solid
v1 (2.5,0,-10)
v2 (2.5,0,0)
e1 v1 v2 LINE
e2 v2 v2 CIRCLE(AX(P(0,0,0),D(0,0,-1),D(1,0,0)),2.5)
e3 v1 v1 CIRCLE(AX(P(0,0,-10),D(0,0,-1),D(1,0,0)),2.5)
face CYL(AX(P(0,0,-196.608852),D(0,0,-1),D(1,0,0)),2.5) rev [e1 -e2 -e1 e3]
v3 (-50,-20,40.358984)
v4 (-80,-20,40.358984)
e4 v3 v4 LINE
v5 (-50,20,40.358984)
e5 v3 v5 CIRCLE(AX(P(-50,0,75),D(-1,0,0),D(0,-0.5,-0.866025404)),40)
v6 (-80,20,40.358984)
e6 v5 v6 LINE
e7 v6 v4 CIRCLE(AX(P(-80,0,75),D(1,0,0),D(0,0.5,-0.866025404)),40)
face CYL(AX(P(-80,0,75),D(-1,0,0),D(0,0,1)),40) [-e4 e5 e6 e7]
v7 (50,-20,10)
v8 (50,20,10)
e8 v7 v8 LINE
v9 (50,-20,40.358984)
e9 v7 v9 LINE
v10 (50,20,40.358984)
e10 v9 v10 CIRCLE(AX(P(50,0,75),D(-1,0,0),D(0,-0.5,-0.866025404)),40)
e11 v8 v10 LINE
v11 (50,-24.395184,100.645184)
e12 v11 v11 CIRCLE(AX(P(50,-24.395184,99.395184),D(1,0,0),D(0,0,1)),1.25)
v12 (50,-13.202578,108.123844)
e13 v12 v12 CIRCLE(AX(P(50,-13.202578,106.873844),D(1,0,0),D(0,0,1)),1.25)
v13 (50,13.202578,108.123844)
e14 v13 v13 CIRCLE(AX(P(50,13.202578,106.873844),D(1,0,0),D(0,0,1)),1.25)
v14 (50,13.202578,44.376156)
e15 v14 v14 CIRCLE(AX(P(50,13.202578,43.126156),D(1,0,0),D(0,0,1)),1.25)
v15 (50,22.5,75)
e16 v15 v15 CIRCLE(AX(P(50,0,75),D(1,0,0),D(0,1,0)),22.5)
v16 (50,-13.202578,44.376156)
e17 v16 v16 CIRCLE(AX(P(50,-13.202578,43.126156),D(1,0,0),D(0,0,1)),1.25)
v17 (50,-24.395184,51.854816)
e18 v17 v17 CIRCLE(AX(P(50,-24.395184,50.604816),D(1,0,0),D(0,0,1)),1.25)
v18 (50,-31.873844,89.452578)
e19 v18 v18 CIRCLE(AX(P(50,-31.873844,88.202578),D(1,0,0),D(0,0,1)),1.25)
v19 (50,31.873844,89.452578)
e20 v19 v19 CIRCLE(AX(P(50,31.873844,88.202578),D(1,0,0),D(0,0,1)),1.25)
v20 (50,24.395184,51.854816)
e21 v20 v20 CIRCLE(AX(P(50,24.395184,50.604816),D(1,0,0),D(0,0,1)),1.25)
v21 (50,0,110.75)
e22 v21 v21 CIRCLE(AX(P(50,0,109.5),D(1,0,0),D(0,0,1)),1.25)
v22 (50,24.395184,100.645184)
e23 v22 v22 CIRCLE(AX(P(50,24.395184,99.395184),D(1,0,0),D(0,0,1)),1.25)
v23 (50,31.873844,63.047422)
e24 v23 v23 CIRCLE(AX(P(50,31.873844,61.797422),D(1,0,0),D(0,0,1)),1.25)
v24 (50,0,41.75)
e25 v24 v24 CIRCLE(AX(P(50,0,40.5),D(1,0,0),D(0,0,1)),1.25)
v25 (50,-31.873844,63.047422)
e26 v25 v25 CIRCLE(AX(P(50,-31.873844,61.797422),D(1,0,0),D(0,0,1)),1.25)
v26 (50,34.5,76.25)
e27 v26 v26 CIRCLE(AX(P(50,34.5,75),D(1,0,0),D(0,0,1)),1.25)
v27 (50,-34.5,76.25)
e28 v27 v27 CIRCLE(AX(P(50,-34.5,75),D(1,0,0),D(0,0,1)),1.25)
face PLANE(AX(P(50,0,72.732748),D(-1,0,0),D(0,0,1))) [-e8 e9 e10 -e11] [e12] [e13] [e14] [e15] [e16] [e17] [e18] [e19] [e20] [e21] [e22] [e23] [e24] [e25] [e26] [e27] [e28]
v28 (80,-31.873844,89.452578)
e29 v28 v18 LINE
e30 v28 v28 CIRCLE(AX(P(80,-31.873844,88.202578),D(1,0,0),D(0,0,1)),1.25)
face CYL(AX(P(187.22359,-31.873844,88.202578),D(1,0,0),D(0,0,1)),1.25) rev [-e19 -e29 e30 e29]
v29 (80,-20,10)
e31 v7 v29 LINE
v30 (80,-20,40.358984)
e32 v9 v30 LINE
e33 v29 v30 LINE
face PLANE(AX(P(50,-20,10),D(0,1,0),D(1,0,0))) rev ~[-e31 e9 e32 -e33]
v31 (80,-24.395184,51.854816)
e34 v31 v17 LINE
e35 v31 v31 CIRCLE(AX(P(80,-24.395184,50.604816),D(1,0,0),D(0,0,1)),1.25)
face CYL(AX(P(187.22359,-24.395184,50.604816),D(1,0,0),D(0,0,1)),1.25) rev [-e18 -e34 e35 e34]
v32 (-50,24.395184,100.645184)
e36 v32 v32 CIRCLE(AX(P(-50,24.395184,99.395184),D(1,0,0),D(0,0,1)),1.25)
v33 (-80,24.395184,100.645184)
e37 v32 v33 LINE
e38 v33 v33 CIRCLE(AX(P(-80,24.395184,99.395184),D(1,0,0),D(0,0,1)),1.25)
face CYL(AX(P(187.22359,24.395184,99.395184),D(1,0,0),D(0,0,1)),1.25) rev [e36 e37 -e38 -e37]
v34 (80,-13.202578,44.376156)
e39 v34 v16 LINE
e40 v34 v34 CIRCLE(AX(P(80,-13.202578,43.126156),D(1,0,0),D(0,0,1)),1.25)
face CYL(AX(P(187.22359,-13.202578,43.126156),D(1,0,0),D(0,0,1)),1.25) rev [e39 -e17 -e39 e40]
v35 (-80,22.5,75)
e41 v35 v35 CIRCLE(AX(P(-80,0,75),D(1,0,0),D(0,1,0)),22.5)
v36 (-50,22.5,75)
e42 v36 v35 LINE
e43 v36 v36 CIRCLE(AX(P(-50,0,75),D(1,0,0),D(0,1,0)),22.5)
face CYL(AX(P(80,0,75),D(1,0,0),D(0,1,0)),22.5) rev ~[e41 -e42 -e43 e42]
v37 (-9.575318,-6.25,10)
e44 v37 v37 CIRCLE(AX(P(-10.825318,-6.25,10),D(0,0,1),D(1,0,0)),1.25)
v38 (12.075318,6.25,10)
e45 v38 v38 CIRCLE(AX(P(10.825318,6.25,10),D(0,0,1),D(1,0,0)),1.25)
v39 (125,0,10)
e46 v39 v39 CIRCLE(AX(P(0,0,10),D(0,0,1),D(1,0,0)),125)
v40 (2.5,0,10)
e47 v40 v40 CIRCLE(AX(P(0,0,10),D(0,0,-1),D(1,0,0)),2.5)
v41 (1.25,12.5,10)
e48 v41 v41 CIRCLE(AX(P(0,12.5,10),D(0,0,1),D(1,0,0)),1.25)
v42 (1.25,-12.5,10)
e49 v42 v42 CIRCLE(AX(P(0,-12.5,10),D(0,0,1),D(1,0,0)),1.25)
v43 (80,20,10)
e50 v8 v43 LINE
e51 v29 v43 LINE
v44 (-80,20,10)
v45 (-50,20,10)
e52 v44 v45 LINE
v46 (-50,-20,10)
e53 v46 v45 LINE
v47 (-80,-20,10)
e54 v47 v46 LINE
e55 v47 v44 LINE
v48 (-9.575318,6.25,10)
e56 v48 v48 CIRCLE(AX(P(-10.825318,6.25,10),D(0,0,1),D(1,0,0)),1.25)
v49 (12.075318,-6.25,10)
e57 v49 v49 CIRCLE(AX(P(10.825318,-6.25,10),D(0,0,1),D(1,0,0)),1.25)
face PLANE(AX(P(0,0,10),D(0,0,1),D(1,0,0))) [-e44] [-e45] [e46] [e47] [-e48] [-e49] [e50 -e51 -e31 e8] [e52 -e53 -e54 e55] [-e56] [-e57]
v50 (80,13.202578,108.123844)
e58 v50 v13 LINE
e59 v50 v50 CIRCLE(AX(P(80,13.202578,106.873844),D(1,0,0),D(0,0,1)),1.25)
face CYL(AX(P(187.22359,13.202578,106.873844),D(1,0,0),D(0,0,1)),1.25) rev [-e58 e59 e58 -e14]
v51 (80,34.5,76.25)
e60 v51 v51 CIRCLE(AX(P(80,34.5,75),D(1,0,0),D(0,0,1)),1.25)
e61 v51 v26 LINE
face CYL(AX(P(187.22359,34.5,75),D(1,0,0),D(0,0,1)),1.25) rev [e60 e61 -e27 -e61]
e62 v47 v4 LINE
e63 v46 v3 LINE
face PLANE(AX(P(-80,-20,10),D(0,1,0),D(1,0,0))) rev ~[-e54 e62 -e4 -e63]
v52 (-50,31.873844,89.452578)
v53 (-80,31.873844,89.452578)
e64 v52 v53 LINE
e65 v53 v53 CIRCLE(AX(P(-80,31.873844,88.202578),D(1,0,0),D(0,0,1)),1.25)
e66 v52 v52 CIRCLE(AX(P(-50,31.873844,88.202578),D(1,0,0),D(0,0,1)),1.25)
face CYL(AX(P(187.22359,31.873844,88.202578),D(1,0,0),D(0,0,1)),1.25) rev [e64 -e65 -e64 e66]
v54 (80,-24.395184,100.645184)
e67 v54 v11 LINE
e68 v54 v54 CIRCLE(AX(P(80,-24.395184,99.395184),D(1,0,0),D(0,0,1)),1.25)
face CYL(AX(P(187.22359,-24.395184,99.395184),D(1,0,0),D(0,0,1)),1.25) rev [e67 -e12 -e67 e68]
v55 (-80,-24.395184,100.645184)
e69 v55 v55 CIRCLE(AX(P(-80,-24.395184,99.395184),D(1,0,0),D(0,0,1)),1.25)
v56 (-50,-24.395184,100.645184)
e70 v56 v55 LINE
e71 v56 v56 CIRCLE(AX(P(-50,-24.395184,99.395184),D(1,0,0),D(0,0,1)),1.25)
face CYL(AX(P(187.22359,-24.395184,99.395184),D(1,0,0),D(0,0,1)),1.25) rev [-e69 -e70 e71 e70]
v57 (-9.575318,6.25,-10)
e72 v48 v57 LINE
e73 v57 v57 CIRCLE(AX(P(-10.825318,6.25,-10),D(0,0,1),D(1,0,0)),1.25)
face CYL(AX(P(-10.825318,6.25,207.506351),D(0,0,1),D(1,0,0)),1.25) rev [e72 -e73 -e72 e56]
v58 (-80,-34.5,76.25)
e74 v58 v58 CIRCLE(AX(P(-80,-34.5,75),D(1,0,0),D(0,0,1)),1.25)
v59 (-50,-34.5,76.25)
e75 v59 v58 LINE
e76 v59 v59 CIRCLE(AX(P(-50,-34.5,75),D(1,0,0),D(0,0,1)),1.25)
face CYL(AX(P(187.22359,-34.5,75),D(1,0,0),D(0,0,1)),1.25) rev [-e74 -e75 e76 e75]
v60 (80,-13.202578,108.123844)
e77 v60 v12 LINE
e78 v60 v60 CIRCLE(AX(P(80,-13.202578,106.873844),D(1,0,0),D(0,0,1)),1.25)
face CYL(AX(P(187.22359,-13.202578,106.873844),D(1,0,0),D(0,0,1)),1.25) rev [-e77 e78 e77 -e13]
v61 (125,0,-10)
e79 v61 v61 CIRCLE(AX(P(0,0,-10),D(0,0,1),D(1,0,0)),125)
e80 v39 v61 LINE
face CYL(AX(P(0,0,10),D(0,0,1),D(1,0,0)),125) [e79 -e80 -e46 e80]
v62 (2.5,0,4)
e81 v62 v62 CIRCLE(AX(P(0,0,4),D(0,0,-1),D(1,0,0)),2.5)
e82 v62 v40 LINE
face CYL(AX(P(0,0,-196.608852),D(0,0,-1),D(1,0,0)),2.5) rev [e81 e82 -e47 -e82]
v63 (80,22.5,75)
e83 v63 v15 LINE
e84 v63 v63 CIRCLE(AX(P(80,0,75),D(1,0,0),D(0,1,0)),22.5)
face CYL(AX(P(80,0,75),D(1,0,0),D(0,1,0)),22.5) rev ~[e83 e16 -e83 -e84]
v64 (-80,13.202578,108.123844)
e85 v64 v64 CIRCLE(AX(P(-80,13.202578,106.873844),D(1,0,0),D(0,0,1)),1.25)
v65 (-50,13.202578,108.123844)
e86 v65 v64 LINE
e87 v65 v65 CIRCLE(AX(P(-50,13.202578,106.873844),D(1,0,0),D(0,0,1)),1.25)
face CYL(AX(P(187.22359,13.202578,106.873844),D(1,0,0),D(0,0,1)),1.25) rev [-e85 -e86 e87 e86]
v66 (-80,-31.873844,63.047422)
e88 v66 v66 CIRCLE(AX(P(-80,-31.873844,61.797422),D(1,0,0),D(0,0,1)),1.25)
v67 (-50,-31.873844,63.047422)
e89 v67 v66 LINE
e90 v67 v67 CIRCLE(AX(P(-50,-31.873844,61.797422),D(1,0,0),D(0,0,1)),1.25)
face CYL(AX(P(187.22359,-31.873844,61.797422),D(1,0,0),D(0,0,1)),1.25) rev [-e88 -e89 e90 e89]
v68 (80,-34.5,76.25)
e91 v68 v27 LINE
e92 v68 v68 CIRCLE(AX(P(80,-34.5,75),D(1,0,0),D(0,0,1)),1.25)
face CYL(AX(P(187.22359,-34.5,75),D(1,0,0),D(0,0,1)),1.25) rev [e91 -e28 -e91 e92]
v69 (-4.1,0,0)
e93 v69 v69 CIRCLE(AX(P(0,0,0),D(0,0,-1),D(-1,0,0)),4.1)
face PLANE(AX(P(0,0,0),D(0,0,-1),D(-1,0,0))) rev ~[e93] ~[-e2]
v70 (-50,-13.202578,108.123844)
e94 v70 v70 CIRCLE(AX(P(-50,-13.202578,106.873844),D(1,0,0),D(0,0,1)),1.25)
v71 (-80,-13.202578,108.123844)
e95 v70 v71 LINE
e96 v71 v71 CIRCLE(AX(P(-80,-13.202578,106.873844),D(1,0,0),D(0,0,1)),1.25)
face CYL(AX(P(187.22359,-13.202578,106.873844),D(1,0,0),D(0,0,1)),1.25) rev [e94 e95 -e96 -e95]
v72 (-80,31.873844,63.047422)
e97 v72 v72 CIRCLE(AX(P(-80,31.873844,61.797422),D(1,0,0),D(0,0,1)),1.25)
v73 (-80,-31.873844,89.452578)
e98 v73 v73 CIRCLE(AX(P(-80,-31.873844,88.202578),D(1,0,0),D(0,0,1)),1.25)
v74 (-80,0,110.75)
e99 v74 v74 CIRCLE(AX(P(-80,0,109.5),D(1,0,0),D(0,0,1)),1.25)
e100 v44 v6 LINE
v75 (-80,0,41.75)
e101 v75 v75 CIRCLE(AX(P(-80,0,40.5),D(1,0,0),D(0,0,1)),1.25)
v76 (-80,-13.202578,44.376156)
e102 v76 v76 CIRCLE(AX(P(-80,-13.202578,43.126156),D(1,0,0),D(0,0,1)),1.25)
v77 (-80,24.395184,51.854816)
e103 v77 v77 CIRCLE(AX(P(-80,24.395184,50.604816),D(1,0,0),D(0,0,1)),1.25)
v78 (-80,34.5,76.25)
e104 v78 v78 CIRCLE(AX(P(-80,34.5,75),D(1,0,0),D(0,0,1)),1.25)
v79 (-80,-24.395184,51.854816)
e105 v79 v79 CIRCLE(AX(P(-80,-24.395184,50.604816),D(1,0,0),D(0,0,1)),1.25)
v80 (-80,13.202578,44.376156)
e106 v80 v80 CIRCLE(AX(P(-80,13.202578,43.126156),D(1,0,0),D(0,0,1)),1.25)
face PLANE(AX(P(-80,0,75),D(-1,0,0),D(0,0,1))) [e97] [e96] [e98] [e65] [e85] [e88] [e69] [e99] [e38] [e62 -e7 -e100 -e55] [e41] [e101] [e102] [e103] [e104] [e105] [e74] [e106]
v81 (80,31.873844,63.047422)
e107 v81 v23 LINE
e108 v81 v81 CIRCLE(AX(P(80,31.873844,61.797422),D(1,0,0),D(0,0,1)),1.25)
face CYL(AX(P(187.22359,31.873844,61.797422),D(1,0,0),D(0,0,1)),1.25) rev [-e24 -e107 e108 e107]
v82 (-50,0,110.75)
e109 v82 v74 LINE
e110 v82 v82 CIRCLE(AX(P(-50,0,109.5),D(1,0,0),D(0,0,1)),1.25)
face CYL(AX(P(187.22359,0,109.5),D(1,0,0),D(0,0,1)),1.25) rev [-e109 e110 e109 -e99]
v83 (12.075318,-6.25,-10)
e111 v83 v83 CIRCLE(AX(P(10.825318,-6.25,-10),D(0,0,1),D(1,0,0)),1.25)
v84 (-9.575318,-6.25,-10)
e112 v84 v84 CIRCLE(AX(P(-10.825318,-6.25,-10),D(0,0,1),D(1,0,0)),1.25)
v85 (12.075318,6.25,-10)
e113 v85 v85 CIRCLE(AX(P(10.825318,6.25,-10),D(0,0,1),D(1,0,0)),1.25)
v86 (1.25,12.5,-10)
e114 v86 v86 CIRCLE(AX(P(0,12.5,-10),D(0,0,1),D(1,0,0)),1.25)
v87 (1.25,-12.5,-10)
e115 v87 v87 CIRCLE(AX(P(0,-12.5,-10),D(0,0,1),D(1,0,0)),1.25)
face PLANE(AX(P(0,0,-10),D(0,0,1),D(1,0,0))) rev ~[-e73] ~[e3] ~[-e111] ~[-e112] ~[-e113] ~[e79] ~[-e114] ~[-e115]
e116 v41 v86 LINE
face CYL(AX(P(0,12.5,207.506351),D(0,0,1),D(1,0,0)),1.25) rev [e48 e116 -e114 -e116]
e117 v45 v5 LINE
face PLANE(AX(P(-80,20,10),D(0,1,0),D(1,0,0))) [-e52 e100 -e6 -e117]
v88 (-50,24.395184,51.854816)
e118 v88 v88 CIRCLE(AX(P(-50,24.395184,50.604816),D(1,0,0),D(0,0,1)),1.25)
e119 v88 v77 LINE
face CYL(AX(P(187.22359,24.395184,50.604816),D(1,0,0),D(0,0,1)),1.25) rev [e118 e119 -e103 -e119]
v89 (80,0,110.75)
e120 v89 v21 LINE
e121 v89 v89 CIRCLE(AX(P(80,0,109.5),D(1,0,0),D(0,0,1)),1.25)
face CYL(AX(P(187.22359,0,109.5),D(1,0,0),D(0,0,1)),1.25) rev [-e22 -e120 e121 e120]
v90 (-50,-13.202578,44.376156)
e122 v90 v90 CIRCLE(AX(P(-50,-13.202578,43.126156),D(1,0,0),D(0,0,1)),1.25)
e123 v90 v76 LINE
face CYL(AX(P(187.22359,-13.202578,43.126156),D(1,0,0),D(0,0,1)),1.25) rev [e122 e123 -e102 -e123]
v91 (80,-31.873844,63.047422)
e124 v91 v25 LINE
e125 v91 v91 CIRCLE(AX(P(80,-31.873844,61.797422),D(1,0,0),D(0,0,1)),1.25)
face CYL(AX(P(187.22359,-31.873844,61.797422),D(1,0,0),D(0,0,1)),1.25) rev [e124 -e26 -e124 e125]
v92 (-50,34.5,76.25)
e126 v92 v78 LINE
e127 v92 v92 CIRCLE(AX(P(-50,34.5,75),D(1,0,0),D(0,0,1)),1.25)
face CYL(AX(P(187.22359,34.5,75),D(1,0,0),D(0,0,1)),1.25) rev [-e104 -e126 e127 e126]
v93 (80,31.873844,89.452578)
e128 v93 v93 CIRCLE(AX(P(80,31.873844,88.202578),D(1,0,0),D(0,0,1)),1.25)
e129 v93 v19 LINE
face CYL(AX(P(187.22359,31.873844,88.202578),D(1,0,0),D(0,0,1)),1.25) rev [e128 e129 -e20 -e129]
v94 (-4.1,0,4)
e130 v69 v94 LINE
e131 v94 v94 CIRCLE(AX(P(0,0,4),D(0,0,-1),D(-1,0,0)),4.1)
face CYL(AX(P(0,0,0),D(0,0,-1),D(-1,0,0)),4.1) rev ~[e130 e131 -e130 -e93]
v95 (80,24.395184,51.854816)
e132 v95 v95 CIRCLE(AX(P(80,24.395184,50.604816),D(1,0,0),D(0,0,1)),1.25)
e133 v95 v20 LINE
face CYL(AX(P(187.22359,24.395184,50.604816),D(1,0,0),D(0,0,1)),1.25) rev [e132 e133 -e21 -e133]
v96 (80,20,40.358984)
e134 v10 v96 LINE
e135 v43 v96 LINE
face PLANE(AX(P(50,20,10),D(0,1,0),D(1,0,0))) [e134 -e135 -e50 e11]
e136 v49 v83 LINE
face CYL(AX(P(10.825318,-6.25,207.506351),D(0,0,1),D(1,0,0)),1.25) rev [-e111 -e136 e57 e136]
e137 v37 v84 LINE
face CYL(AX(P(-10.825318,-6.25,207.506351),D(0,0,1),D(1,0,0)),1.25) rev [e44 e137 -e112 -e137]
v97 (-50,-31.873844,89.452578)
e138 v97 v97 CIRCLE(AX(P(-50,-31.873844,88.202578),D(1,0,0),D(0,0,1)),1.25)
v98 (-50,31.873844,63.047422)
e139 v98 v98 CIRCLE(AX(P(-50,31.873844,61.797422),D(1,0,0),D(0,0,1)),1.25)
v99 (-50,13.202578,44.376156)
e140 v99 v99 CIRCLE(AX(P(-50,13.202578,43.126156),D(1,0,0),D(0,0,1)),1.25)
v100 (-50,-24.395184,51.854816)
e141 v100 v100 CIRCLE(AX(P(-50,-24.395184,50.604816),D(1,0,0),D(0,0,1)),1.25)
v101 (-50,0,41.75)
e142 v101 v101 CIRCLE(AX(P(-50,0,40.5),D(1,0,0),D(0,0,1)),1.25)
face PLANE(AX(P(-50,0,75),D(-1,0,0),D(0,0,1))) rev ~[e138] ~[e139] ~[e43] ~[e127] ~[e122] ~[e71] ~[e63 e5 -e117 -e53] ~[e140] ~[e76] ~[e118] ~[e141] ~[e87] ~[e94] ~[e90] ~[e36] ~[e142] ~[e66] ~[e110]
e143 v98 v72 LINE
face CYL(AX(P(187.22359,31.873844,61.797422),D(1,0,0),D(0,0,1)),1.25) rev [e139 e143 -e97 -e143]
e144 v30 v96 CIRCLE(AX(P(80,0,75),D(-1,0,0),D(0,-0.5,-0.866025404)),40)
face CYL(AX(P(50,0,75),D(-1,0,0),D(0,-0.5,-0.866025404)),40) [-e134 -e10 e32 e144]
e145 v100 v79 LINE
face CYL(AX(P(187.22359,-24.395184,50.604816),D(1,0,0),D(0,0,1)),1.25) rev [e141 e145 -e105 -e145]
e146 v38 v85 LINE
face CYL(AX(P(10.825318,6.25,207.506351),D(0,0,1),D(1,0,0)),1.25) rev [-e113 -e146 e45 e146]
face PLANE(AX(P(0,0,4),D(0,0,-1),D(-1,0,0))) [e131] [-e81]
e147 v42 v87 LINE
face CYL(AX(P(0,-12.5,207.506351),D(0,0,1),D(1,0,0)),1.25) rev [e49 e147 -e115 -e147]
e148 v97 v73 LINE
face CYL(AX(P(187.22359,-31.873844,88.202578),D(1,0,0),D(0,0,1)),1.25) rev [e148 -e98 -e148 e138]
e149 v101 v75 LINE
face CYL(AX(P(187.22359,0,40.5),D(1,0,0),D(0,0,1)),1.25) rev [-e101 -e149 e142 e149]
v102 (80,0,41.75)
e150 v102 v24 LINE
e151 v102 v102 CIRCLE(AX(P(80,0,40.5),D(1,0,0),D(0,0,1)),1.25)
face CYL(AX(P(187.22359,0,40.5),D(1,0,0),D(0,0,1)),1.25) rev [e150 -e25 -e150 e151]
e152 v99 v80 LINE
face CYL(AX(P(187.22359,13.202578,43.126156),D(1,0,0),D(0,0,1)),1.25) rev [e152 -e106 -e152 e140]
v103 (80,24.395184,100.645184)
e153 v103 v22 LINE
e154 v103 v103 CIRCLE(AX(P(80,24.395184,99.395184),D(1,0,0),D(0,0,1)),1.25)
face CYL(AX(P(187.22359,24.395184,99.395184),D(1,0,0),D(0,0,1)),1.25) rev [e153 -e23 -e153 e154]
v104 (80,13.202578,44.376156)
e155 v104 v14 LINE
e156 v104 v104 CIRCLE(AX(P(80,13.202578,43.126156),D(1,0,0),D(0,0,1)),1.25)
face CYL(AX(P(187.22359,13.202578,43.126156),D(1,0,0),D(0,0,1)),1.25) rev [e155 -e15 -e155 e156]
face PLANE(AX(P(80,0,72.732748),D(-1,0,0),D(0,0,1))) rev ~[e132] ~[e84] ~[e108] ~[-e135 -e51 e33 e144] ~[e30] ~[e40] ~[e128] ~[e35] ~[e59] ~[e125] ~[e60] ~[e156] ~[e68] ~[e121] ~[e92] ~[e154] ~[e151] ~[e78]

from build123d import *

# Parameters (mm, degrees)
SKETCH_1_R               = 16
EXTRUDE_1_DEPTH          = 10
SKETCH_2_R               = 1.25
EXTRUDE_2_DEPTH          = 10.2
SKETCH_3_R               = 125
EXTRUDE_3_DEPTH          = 20
SKETCH_4_W               = 30
SKETCH_4_H               = 40
EXTRUDE_4_DEPTH          = 41.07
SKETCH_7_R               = 4.1
CUT_EXTRUDE_1_DEPTH      = 4
SKETCH_16_R              = 40
EXTRUDE_10_DEPTH         = 30
EXTRUDE_START            = -30
EXTRUDE_11_DEPTH         = 30
CUT_EXTRUDE_6_DEPTH      = 267.223590239
CUT_EXTRUDE_6_DEPTH_BACK = 267.223590239
SKETCH_18_R              = 1.25
SKETCH_19_R              = 22.5
CUT_EXTRUDE_7_DEPTH      = 180
CUT_EXTRUDE_8_DEPTH      = 217.506350946
CUT_EXTRUDE_8_DEPTH_BACK = 217.506350946
SKETCH_20_R              = 1.25
CUT_EXTRUDE_9_DEPTH      = 206.60885195
CUT_EXTRUDE_9_DEPTH_BACK = 206.60885195
SKETCH_21_R              = 2.5


with BuildPart() as part:
    # 草图1 → 凸台-拉伸1 (new body)
    with BuildSketch(Plane.XY):
        Circle(SKETCH_1_R)
    extrude(amount=EXTRUDE_1_DEPTH)

    # 草图2 → 凸台-拉伸2 (add)
    with BuildSketch(Plane(origin=(0, 0, 0), x_dir=(-1, 0, 0), z_dir=(0, 0, -1))):
        with Locations(Location((0, 12.5, 0), (0, 0, 180))):
            Circle(SKETCH_2_R)
        with Locations(Location((10.825317547, 6.25, 0), (0, 0, 180))):
            Circle(SKETCH_2_R)
        with Locations(Location((10.825317547, -6.25, 0), (0, 0, 180))):
            Circle(SKETCH_2_R)
        with Locations(Location((0, -12.5, 0), (0, 0, 180))):
            Circle(SKETCH_2_R)
        with Locations(Location((-10.825317547, -6.25, 0), (0, 0, 180))):
            Circle(SKETCH_2_R)
        with Locations(Location((-10.825317547, 6.25, 0), (0, 0, 180))):
            Circle(SKETCH_2_R)
    extrude(amount=EXTRUDE_2_DEPTH)

    # 草图3 → 凸台-拉伸3 (add)
    with BuildSketch(Plane.XY.offset(10)):
        Circle(SKETCH_3_R)
    extrude(amount=-EXTRUDE_3_DEPTH)

    # 草图4 → 凸台-拉伸4 (add)
    with BuildSketch(Plane.XY.offset(10)):
        with Locations((65, 0)):
            Rectangle(SKETCH_4_W, SKETCH_4_H)
        with Locations((-65, 0)):
            Rectangle(SKETCH_4_W, SKETCH_4_H)
    extrude(amount=EXTRUDE_4_DEPTH)

    # 草图7 → 切除-拉伸1 (cut)
    with BuildSketch(Plane(origin=(0, 0, 0), x_dir=(-1, 0, 0), z_dir=(0, 0, -1))):
        Circle(SKETCH_7_R)
    extrude(amount=-CUT_EXTRUDE_1_DEPTH, mode=Mode.SUBTRACT)

    # 草图16 → 凸台-拉伸10 (add)
    with BuildSketch(Plane.ZY.offset(80)):
        with Locations((75, 0)):
            Circle(SKETCH_16_R)
    extrude(amount=-EXTRUDE_10_DEPTH)

    # 草图17 → 凸台-拉伸11 (add)
    with BuildSketch(Plane(origin=(80, 0, 0), x_dir=(0, 0, -1), z_dir=(1, 0, 0)).offset(EXTRUDE_START)):
        with BuildLine():
            Line((-40.358983849, 20), (-51.07, 20))
            Line((-51.07, 20), (-51.07, -20))
            Line((-51.07, -20), (-40.358983849, -20))
            ThreePointArc((-40.358983849, -20), (-115, 0), (-40.358983849, 20))
        make_face()
    extrude(amount=EXTRUDE_11_DEPTH)

    # 草图18 → 切除-拉伸6 (cut, two sides: drawn at the far end of the back side and taken through both)
    with BuildSketch(Plane.ZY.offset(80).offset(-CUT_EXTRUDE_6_DEPTH_BACK)):
        with Locations((109.5, 0)):
            Circle(SKETCH_18_R)
        with Locations((106.873843872, -13.202578417)):
            Circle(SKETCH_18_R)
        with Locations((99.395183951, -24.395183951)):
            Circle(SKETCH_18_R)
        with Locations((88.202578417, -31.873843872)):
            Circle(SKETCH_18_R)
        with Locations((75, -34.5)):
            Circle(SKETCH_18_R)
        with Locations((61.797421583, -31.873843872)):
            Circle(SKETCH_18_R)
        with Locations((50.604816049, -24.395183951)):
            Circle(SKETCH_18_R)
        with Locations((43.126156128, -13.202578417)):
            Circle(SKETCH_18_R)
        with Locations((40.5, 0)):
            Circle(SKETCH_18_R)
        with Locations((43.126156128, 13.202578417)):
            Circle(SKETCH_18_R)
        with Locations((50.604816049, 24.395183951)):
            Circle(SKETCH_18_R)
        with Locations((61.797421583, 31.873843872)):
            Circle(SKETCH_18_R)
        with Locations((75, 34.5)):
            Circle(SKETCH_18_R)
        with Locations((88.202578417, 31.873843872)):
            Circle(SKETCH_18_R)
        with Locations((99.395183951, 24.395183951)):
            Circle(SKETCH_18_R)
        with Locations((106.873843872, 13.202578417)):
            Circle(SKETCH_18_R)
    extrude(amount=CUT_EXTRUDE_6_DEPTH + CUT_EXTRUDE_6_DEPTH_BACK, mode=Mode.SUBTRACT)

    # 草图19 → 切除-拉伸7 (cut)
    with BuildSketch(Plane(origin=(80, 0, 0), x_dir=(0, 0, -1), z_dir=(1, 0, 0))):
        with Locations(Location((-75, 0, 0), (0, 0, 90))):
            Circle(SKETCH_19_R)
    extrude(amount=-CUT_EXTRUDE_7_DEPTH, mode=Mode.SUBTRACT)

    # 草图20 → 切除-拉伸8 (cut, two sides: drawn at the far end of the back side and taken through both)
    with BuildSketch(Plane(origin=(0, 0, -10), x_dir=(-1, 0, 0), z_dir=(0, 0, -1)).offset(-CUT_EXTRUDE_8_DEPTH_BACK)):
        with Locations(Location((0, 12.5, 0), (0, 0, 180))):
            Circle(SKETCH_20_R)
        with Locations(Location((10.825317547, 6.25, 0), (0, 0, 180))):
            Circle(SKETCH_20_R)
        with Locations(Location((10.825317547, -6.25, 0), (0, 0, 180))):
            Circle(SKETCH_20_R)
        with Locations(Location((0, -12.5, 0), (0, 0, 180))):
            Circle(SKETCH_20_R)
        with Locations(Location((-10.825317547, -6.25, 0), (0, 0, 180))):
            Circle(SKETCH_20_R)
        with Locations(Location((-10.825317547, 6.25, 0), (0, 0, 180))):
            Circle(SKETCH_20_R)
    extrude(amount=CUT_EXTRUDE_8_DEPTH + CUT_EXTRUDE_8_DEPTH_BACK, mode=Mode.SUBTRACT)

    # 草图21 → 切除-拉伸9 (cut, two sides: drawn at the far end of the back side and taken through both)
    with BuildSketch(Plane.XY.offset(10).offset(-CUT_EXTRUDE_9_DEPTH_BACK)):
        Circle(SKETCH_21_R)
    extrude(amount=CUT_EXTRUDE_9_DEPTH + CUT_EXTRUDE_9_DEPTH_BACK, mode=Mode.SUBTRACT)


solid = part.part
